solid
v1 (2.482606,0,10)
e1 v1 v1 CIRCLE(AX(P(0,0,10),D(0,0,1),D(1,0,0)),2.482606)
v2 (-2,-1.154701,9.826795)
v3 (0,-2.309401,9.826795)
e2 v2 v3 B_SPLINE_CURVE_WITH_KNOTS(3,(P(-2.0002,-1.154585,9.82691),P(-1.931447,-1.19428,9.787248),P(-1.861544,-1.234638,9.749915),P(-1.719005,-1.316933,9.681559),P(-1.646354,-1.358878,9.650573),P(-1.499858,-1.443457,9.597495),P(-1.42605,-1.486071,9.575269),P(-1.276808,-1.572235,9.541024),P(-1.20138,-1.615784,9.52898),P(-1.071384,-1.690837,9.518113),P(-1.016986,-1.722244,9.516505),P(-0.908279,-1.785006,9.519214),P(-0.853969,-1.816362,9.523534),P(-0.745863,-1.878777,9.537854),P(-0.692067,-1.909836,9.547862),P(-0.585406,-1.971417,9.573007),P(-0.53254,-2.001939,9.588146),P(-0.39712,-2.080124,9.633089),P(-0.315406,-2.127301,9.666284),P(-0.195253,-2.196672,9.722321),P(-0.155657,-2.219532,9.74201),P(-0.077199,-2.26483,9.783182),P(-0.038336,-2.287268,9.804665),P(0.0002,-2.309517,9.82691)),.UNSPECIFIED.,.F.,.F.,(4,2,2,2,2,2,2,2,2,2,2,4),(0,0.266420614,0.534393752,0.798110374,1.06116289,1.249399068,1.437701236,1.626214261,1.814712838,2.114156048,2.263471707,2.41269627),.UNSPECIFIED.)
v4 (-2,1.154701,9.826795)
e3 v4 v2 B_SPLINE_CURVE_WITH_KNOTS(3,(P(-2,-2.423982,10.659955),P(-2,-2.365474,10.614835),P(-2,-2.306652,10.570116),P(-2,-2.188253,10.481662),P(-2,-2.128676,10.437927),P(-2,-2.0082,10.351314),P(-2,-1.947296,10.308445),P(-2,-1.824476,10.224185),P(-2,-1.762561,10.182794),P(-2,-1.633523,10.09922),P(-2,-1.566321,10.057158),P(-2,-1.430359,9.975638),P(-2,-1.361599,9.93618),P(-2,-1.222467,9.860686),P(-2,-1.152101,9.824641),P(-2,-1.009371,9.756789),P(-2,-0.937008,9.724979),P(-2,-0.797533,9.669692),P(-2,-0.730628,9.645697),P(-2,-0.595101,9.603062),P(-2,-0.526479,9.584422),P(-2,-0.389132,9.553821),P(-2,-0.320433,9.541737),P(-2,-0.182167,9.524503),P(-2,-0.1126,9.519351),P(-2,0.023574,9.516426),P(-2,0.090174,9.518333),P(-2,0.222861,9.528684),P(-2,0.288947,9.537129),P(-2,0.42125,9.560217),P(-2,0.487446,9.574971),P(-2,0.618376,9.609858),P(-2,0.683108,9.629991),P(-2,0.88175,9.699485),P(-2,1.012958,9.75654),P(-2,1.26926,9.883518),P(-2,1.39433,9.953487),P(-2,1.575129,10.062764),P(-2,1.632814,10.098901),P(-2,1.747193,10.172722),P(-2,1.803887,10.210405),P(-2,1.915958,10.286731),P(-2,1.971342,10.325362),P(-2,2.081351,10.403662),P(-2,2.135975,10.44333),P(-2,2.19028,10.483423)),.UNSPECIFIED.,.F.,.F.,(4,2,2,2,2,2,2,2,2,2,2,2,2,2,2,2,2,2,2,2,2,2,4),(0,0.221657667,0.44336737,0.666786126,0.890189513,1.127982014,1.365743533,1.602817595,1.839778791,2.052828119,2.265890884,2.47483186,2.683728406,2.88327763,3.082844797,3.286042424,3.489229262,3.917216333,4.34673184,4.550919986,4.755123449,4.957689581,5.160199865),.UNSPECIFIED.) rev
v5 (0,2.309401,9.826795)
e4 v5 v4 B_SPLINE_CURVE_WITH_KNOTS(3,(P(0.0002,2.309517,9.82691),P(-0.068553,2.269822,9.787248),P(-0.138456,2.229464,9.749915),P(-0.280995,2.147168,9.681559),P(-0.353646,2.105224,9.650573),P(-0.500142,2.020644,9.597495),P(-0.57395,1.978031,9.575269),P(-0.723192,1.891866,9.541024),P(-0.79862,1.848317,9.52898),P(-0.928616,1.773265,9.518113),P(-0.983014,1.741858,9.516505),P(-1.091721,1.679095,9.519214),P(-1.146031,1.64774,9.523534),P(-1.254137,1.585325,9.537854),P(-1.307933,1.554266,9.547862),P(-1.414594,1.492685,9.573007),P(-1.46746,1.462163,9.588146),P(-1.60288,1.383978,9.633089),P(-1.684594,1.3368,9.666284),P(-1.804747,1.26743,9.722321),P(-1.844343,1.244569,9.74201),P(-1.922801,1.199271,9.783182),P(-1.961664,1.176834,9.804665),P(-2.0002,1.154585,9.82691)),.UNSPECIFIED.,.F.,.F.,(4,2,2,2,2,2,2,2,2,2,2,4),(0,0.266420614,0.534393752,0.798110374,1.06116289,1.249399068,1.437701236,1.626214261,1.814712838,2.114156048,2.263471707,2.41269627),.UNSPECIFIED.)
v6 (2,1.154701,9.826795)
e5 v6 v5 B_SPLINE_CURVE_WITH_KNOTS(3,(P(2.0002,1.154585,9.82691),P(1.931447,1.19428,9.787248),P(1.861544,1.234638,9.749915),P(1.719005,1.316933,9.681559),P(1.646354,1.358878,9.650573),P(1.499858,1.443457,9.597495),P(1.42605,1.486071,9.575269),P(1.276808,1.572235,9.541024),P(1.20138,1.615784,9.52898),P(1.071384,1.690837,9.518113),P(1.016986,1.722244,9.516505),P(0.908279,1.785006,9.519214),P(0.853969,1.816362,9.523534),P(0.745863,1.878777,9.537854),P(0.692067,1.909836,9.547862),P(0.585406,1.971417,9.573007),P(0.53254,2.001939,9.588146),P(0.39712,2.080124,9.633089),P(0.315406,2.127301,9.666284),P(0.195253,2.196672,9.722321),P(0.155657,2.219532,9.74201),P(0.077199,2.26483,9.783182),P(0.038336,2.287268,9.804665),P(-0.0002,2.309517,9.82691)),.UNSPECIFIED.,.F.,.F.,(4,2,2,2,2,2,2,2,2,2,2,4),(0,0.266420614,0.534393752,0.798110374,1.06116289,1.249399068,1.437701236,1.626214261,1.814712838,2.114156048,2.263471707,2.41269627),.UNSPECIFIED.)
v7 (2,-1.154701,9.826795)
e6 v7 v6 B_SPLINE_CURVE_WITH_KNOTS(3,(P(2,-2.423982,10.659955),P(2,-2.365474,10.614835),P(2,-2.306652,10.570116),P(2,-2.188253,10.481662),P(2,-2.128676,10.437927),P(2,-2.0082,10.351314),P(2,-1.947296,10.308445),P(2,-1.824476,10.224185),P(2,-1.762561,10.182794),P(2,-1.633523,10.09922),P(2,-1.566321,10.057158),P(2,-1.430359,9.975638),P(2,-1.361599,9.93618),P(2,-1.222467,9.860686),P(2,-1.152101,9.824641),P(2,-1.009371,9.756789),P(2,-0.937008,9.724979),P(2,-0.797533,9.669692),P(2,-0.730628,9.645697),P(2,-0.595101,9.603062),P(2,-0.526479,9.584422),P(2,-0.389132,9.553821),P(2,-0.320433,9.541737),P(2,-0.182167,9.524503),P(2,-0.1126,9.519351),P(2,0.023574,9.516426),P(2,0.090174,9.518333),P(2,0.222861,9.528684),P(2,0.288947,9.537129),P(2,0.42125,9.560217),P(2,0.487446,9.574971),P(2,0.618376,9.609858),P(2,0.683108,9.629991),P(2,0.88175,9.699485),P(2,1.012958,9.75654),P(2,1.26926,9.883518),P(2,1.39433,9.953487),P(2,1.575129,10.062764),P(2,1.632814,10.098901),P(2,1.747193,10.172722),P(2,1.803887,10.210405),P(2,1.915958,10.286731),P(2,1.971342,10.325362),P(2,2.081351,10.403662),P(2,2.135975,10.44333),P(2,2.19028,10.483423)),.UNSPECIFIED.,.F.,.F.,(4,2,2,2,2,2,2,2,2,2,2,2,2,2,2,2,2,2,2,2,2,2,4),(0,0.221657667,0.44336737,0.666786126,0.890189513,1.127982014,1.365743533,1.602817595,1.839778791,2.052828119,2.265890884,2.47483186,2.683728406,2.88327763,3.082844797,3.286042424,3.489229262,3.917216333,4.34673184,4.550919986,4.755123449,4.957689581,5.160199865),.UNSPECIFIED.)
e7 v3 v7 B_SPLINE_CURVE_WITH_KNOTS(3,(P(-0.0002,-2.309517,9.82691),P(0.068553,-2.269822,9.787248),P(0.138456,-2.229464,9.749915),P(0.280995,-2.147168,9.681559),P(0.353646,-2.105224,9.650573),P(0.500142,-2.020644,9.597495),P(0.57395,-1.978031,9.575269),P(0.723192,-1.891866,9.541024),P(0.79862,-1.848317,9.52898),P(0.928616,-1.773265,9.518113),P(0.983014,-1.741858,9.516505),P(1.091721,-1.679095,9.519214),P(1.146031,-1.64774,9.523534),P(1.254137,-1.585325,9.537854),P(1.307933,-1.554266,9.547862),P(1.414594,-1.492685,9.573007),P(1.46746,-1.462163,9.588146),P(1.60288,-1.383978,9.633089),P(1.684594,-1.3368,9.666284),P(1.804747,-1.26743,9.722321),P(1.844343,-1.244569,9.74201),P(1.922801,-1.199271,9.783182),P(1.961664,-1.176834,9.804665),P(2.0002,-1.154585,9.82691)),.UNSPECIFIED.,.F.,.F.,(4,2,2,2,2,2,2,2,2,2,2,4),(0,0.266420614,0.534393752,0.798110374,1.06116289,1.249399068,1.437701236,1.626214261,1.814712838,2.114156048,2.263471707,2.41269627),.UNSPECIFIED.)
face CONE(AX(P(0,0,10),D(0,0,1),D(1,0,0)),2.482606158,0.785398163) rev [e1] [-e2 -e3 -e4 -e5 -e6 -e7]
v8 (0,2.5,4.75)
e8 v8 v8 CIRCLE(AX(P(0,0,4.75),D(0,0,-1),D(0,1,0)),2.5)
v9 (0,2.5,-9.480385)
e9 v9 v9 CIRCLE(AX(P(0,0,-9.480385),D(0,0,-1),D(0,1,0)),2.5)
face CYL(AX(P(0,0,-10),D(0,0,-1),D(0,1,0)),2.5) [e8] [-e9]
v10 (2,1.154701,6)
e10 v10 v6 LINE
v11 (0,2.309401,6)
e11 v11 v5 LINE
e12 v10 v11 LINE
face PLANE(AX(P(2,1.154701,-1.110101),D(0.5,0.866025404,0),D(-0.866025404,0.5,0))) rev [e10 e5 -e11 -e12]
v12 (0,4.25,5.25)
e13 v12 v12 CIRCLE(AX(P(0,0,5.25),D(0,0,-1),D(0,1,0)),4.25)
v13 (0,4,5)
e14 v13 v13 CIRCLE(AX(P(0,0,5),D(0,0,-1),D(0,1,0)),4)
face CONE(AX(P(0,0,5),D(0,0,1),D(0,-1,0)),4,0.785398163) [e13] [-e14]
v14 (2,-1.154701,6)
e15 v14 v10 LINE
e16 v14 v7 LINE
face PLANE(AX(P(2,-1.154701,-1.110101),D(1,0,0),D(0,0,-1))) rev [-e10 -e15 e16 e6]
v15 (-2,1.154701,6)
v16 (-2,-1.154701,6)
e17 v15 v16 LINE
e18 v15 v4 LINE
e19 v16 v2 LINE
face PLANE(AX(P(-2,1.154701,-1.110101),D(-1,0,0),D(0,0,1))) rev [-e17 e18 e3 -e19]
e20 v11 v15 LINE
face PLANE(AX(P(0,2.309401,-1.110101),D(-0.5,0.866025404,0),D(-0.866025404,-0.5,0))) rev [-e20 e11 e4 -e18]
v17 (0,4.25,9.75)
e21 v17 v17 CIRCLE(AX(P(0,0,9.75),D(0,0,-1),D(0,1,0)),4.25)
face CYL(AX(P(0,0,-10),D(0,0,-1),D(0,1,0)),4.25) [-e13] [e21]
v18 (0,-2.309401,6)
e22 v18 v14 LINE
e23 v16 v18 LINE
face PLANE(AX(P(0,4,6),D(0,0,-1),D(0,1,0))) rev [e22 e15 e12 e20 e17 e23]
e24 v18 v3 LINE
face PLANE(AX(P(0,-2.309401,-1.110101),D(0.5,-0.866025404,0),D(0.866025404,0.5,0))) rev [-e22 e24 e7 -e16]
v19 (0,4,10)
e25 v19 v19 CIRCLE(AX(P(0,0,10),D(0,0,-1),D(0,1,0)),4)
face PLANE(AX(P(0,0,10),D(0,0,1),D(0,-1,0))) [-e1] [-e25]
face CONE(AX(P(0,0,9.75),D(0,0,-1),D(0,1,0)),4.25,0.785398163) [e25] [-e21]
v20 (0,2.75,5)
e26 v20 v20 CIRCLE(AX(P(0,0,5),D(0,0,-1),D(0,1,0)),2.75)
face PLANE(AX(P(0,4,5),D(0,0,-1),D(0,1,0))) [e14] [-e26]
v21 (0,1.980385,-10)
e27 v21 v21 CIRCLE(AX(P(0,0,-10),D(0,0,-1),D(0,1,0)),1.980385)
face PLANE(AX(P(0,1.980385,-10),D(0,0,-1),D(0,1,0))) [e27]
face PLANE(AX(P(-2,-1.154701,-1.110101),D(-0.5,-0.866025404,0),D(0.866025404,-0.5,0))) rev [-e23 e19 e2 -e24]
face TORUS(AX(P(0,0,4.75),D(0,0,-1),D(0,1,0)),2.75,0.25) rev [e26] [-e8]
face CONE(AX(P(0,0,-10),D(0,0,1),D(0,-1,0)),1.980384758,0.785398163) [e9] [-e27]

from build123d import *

# Parameters (mm, degrees)
CUT_EXTRUDE1_DEPTH = 4


with BuildPart() as part:
    # Sketch2 → Revolve1 (revolve)
    with BuildSketch(Plane(origin=(0, 0, 0), x_dir=(0, 0, -1), z_dir=(1, 0, 0))):
        with BuildLine():
            Line((-10, 0), (-10, 4))
            Line((-10, 4), (-9.75, 4.25))
            Line((-9.75, 4.25), (-5.25, 4.25))
            Line((-5.25, 4.25), (-5, 4))
            Line((-5, 4), (-5, 2.75))
            ThreePointArc((-5, 2.75), (-4.926776695, 2.573223305), (-4.75, 2.5))
            Line((-4.75, 2.5), (9.480384758, 2.5))
            Line((9.480384758, 2.5), (10, 1.980384758))
            Line((10, 1.980384758), (10, 0))
            Line((10, 0), (-10, 0))
        make_face()
    revolve(axis=Axis((0, 0, -10), (0, 0, 1)))

    # Sketch3 → Cut-Extrude1 (cut)
    with BuildSketch(Plane.XY.offset(10)):
        Polygon((2, -1.154700538), (2, 1.154700538), (0, 2.309401077), (-2, 1.154700538), (-2, -1.154700538), (0, -2.309401077), align=None)
    extrude(amount=-CUT_EXTRUDE1_DEPTH, mode=Mode.SUBTRACT)

    # Cut-Extrude2 cone 1 section (through the dimple's axis) → Cut-Extrude2 (revolve, cut)
    with BuildSketch(Plane(origin=(0, 0, 10), x_dir=(0, -1, 0), z_dir=(1, 0, 0))):
        Polygon((0, 0), (2.482606158, 0), (0, 2.482606158), align=None)
    revolve(axis=Axis((0, 0, 10), (0, 0, -1)), mode=Mode.SUBTRACT)


solid = part.part
